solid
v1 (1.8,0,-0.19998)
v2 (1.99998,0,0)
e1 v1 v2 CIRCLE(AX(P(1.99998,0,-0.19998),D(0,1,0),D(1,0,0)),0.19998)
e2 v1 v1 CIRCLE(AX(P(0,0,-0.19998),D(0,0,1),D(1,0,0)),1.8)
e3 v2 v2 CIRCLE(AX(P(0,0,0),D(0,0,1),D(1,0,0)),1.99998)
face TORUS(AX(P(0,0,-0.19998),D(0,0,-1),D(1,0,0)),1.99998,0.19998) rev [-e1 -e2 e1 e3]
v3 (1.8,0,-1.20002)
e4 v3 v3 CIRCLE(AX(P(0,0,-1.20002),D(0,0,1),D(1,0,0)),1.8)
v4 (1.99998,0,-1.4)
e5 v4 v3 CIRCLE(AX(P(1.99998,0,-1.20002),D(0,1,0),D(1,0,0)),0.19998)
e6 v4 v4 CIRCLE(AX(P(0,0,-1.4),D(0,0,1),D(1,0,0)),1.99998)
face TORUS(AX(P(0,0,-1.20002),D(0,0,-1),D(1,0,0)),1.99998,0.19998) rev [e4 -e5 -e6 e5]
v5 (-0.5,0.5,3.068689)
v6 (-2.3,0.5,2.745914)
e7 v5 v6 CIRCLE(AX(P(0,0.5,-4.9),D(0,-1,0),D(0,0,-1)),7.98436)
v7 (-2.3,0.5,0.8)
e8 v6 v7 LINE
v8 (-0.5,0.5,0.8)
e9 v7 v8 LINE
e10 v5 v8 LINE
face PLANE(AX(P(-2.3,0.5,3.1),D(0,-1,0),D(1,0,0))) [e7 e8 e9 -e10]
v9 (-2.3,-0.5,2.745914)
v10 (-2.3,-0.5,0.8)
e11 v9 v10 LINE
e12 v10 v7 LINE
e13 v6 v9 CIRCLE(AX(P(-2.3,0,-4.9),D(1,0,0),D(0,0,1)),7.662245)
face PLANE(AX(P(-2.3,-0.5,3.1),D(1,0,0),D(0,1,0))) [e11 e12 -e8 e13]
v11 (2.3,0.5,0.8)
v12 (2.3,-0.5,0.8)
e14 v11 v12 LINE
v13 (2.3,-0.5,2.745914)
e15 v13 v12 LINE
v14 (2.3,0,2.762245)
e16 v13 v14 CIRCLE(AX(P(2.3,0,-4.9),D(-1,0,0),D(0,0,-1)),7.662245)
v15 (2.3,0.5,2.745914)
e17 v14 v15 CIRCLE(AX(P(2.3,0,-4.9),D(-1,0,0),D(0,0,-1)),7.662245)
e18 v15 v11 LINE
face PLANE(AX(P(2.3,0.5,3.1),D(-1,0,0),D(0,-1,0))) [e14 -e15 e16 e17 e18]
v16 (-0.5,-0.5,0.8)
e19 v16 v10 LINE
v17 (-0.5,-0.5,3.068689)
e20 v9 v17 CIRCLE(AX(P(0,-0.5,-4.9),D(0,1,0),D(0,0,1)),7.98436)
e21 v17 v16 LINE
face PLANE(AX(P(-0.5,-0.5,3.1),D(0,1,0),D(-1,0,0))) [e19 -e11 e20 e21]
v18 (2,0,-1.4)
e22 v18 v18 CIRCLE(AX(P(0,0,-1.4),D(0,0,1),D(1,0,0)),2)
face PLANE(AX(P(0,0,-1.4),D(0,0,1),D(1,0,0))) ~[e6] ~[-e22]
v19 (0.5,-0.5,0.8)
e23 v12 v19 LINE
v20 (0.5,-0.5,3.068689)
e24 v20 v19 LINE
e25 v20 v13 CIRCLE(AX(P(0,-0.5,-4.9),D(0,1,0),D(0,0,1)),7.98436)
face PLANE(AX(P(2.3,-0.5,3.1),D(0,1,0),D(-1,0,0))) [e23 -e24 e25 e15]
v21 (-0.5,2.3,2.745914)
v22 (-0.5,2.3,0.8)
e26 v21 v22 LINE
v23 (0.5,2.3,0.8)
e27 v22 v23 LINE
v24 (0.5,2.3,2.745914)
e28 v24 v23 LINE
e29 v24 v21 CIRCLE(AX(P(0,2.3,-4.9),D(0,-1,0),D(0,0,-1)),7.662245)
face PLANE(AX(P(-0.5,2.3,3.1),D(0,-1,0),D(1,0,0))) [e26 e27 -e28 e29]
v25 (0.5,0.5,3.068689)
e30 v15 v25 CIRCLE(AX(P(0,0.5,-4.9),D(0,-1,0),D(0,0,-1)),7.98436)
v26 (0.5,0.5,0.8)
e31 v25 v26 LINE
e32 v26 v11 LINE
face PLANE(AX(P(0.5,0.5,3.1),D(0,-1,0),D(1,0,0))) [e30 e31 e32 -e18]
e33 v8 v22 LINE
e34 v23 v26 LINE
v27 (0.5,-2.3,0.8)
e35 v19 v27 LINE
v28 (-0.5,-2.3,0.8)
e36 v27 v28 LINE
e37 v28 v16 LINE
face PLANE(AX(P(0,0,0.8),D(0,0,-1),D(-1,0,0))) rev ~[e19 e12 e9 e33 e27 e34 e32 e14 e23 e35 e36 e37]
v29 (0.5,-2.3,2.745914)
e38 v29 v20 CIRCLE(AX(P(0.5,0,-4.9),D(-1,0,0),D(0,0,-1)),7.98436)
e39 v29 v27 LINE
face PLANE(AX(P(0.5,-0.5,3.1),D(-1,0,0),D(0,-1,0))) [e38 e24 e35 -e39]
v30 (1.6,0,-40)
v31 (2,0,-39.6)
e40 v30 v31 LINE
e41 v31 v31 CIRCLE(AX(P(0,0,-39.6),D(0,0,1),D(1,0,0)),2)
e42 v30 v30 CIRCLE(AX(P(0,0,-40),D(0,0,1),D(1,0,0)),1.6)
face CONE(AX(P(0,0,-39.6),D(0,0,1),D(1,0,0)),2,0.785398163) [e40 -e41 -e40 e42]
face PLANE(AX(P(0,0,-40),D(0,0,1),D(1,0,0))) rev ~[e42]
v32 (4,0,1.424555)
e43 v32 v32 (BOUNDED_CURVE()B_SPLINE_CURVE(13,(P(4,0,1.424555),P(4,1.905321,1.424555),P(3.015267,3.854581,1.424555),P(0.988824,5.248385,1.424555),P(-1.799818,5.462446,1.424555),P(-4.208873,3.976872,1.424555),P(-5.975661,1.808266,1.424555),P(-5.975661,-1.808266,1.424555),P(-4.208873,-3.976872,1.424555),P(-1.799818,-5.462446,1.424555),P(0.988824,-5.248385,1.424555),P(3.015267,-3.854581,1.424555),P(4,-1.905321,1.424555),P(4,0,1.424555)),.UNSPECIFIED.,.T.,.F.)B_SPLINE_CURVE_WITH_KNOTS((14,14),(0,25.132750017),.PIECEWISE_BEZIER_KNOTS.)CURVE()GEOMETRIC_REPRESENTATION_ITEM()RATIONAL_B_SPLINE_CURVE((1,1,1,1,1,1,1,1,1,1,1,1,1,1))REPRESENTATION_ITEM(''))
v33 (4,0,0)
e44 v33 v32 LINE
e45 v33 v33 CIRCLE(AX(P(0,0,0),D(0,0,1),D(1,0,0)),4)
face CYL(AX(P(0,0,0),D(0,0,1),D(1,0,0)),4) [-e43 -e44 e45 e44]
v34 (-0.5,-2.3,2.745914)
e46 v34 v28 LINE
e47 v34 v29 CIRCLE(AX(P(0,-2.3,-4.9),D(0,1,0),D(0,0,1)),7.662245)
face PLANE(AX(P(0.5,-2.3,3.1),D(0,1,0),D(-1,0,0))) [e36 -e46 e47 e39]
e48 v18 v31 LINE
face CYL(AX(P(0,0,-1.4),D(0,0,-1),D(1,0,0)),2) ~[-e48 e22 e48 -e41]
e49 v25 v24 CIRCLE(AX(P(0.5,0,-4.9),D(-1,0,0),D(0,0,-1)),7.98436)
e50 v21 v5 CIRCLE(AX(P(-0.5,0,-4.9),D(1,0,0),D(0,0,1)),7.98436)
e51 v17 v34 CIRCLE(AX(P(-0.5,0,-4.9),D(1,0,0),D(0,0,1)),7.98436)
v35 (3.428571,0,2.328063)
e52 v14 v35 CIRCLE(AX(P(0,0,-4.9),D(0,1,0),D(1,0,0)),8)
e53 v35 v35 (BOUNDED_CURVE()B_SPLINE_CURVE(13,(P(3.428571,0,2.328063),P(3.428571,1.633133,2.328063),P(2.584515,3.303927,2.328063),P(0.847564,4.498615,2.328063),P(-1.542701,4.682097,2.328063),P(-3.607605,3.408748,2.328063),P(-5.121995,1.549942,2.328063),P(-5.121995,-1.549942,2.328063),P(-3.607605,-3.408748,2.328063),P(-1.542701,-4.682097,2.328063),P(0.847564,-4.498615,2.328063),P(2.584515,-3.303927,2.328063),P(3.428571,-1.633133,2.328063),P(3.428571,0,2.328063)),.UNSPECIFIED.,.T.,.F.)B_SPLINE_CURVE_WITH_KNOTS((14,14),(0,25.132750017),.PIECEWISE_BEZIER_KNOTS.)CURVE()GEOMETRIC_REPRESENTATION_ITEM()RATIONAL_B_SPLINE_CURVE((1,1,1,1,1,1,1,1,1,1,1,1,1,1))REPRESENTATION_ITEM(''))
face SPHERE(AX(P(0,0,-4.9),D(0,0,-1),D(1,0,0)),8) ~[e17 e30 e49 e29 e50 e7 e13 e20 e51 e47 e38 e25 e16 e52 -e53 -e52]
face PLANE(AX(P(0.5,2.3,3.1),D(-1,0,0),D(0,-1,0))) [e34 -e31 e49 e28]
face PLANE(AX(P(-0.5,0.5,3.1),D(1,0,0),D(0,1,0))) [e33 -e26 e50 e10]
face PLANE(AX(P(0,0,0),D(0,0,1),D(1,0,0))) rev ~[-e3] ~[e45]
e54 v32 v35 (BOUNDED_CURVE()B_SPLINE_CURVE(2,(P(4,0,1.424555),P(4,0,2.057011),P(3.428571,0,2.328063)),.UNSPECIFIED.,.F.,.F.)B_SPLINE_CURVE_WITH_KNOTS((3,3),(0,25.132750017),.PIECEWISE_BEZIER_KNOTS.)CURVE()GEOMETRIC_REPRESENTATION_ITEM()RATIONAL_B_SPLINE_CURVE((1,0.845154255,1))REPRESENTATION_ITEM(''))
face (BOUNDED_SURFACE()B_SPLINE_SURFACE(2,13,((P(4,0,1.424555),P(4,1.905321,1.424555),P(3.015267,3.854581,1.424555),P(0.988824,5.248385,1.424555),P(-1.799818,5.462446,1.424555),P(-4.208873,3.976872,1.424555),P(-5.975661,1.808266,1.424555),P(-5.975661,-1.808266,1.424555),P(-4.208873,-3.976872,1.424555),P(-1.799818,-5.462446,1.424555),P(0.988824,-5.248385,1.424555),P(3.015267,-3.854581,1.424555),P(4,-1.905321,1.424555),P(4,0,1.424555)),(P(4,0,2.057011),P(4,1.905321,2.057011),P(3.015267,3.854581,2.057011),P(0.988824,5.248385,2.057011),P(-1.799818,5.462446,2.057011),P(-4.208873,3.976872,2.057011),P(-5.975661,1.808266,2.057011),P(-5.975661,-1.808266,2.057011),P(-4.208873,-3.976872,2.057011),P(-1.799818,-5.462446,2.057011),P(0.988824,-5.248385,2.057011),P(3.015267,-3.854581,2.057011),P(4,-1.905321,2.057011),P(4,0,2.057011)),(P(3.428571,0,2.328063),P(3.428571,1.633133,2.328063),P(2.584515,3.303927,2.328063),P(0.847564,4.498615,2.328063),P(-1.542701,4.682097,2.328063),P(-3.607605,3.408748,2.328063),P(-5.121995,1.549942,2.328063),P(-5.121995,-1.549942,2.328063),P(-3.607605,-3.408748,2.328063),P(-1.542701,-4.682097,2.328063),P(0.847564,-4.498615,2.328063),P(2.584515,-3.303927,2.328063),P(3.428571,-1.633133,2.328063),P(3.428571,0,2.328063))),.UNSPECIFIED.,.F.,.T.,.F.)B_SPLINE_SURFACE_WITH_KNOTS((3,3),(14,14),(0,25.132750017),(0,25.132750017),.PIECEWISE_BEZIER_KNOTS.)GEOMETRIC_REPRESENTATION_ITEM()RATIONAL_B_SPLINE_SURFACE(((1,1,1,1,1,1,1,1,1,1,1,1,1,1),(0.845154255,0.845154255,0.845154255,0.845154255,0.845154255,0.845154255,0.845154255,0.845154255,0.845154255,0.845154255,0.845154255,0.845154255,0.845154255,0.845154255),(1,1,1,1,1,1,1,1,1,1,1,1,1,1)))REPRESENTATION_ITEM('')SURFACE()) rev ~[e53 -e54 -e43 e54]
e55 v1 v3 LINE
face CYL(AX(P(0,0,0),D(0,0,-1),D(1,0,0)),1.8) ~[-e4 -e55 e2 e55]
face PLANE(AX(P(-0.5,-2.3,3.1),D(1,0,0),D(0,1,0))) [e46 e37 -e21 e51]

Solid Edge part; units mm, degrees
sketch "Sketch1" plane through (0, 0, 0) normal (0, -1, 0) x (1, 0, 0)
  line L0 (4, 0) -> (1.8, 0)
  line L1 (1.8, 0) -> (1.8, -1.4)
  line L2 (1.8, -1.4) -> (2, -1.4)
  line L3 (2, -1.4) -> (2, -40)
  line L4 (2, -40) -> (0, -40)
  arc A0 (0, 3.1) -> (4, 2.0282) centre (0, -4.9) cw
  line L5 (4, 0) -> (4, 2.0282)
  dimension "D1" = 40
  dimension "D2" = 1.4
  dimension "D3" = 0.2
  dimension "D4" = 8
  dimension "D5" = 3.1
revolve "RevolvedProtrusion1" add sketch "Sketch1" angle 360 about axis through (0, 0, -6) along (0, 0, 1)
cosmetic_thread "Thread1" size "M4"
chamfer "Chamfer_1" distance 0.4 angle 45 1 edges at (-2, 0, -40)
fillet "Round1" radius 0.2 2 edges at (-1.8, 0, -1.4) (-1.8, 0, 0)
fillet "Round_3" radius 1 1 edges at (-4, 0, 2.0282)
sketch "Sketch2" plane through (0, 0, 3.1) normal (0, 0, 1) x (1, 0, 0)
  line L0 (-0.5, 0.5) -> (-0.5, 2.3)
  line L1 (-0.5, 2.3) -> (0.5, 2.3)
  line L2 (0.5, 2.3) -> (0.5, 0.5)
  line L3 (0.5, 0.5) -> (2.3, 0.5)
  line L4 (2.3, 0.5) -> (2.3, -0.5)
  line L5 (2.3, -0.5) -> (0.5, -0.5)
  line L6 (0.5, -0.5) -> (0.5, -2.3)
  line L7 (0.5, -2.3) -> (-0.5, -2.3)
  line L8 (-0.5, -2.3) -> (-0.5, -0.5)
  line L9 (-0.5, -0.5) -> (-2.3, -0.5)
  line L10 (-2.3, -0.5) -> (-2.3, 0.5)
  line L11 (-2.3, 0.5) -> (-0.5, 0.5)
  dimension "D1" = 4.6
  dimension "D2" = 1
extrude "ExtrudedCutout_2" cut sketch "Sketch2" against normal blind 2.3
properties material "Galvanized steel"
